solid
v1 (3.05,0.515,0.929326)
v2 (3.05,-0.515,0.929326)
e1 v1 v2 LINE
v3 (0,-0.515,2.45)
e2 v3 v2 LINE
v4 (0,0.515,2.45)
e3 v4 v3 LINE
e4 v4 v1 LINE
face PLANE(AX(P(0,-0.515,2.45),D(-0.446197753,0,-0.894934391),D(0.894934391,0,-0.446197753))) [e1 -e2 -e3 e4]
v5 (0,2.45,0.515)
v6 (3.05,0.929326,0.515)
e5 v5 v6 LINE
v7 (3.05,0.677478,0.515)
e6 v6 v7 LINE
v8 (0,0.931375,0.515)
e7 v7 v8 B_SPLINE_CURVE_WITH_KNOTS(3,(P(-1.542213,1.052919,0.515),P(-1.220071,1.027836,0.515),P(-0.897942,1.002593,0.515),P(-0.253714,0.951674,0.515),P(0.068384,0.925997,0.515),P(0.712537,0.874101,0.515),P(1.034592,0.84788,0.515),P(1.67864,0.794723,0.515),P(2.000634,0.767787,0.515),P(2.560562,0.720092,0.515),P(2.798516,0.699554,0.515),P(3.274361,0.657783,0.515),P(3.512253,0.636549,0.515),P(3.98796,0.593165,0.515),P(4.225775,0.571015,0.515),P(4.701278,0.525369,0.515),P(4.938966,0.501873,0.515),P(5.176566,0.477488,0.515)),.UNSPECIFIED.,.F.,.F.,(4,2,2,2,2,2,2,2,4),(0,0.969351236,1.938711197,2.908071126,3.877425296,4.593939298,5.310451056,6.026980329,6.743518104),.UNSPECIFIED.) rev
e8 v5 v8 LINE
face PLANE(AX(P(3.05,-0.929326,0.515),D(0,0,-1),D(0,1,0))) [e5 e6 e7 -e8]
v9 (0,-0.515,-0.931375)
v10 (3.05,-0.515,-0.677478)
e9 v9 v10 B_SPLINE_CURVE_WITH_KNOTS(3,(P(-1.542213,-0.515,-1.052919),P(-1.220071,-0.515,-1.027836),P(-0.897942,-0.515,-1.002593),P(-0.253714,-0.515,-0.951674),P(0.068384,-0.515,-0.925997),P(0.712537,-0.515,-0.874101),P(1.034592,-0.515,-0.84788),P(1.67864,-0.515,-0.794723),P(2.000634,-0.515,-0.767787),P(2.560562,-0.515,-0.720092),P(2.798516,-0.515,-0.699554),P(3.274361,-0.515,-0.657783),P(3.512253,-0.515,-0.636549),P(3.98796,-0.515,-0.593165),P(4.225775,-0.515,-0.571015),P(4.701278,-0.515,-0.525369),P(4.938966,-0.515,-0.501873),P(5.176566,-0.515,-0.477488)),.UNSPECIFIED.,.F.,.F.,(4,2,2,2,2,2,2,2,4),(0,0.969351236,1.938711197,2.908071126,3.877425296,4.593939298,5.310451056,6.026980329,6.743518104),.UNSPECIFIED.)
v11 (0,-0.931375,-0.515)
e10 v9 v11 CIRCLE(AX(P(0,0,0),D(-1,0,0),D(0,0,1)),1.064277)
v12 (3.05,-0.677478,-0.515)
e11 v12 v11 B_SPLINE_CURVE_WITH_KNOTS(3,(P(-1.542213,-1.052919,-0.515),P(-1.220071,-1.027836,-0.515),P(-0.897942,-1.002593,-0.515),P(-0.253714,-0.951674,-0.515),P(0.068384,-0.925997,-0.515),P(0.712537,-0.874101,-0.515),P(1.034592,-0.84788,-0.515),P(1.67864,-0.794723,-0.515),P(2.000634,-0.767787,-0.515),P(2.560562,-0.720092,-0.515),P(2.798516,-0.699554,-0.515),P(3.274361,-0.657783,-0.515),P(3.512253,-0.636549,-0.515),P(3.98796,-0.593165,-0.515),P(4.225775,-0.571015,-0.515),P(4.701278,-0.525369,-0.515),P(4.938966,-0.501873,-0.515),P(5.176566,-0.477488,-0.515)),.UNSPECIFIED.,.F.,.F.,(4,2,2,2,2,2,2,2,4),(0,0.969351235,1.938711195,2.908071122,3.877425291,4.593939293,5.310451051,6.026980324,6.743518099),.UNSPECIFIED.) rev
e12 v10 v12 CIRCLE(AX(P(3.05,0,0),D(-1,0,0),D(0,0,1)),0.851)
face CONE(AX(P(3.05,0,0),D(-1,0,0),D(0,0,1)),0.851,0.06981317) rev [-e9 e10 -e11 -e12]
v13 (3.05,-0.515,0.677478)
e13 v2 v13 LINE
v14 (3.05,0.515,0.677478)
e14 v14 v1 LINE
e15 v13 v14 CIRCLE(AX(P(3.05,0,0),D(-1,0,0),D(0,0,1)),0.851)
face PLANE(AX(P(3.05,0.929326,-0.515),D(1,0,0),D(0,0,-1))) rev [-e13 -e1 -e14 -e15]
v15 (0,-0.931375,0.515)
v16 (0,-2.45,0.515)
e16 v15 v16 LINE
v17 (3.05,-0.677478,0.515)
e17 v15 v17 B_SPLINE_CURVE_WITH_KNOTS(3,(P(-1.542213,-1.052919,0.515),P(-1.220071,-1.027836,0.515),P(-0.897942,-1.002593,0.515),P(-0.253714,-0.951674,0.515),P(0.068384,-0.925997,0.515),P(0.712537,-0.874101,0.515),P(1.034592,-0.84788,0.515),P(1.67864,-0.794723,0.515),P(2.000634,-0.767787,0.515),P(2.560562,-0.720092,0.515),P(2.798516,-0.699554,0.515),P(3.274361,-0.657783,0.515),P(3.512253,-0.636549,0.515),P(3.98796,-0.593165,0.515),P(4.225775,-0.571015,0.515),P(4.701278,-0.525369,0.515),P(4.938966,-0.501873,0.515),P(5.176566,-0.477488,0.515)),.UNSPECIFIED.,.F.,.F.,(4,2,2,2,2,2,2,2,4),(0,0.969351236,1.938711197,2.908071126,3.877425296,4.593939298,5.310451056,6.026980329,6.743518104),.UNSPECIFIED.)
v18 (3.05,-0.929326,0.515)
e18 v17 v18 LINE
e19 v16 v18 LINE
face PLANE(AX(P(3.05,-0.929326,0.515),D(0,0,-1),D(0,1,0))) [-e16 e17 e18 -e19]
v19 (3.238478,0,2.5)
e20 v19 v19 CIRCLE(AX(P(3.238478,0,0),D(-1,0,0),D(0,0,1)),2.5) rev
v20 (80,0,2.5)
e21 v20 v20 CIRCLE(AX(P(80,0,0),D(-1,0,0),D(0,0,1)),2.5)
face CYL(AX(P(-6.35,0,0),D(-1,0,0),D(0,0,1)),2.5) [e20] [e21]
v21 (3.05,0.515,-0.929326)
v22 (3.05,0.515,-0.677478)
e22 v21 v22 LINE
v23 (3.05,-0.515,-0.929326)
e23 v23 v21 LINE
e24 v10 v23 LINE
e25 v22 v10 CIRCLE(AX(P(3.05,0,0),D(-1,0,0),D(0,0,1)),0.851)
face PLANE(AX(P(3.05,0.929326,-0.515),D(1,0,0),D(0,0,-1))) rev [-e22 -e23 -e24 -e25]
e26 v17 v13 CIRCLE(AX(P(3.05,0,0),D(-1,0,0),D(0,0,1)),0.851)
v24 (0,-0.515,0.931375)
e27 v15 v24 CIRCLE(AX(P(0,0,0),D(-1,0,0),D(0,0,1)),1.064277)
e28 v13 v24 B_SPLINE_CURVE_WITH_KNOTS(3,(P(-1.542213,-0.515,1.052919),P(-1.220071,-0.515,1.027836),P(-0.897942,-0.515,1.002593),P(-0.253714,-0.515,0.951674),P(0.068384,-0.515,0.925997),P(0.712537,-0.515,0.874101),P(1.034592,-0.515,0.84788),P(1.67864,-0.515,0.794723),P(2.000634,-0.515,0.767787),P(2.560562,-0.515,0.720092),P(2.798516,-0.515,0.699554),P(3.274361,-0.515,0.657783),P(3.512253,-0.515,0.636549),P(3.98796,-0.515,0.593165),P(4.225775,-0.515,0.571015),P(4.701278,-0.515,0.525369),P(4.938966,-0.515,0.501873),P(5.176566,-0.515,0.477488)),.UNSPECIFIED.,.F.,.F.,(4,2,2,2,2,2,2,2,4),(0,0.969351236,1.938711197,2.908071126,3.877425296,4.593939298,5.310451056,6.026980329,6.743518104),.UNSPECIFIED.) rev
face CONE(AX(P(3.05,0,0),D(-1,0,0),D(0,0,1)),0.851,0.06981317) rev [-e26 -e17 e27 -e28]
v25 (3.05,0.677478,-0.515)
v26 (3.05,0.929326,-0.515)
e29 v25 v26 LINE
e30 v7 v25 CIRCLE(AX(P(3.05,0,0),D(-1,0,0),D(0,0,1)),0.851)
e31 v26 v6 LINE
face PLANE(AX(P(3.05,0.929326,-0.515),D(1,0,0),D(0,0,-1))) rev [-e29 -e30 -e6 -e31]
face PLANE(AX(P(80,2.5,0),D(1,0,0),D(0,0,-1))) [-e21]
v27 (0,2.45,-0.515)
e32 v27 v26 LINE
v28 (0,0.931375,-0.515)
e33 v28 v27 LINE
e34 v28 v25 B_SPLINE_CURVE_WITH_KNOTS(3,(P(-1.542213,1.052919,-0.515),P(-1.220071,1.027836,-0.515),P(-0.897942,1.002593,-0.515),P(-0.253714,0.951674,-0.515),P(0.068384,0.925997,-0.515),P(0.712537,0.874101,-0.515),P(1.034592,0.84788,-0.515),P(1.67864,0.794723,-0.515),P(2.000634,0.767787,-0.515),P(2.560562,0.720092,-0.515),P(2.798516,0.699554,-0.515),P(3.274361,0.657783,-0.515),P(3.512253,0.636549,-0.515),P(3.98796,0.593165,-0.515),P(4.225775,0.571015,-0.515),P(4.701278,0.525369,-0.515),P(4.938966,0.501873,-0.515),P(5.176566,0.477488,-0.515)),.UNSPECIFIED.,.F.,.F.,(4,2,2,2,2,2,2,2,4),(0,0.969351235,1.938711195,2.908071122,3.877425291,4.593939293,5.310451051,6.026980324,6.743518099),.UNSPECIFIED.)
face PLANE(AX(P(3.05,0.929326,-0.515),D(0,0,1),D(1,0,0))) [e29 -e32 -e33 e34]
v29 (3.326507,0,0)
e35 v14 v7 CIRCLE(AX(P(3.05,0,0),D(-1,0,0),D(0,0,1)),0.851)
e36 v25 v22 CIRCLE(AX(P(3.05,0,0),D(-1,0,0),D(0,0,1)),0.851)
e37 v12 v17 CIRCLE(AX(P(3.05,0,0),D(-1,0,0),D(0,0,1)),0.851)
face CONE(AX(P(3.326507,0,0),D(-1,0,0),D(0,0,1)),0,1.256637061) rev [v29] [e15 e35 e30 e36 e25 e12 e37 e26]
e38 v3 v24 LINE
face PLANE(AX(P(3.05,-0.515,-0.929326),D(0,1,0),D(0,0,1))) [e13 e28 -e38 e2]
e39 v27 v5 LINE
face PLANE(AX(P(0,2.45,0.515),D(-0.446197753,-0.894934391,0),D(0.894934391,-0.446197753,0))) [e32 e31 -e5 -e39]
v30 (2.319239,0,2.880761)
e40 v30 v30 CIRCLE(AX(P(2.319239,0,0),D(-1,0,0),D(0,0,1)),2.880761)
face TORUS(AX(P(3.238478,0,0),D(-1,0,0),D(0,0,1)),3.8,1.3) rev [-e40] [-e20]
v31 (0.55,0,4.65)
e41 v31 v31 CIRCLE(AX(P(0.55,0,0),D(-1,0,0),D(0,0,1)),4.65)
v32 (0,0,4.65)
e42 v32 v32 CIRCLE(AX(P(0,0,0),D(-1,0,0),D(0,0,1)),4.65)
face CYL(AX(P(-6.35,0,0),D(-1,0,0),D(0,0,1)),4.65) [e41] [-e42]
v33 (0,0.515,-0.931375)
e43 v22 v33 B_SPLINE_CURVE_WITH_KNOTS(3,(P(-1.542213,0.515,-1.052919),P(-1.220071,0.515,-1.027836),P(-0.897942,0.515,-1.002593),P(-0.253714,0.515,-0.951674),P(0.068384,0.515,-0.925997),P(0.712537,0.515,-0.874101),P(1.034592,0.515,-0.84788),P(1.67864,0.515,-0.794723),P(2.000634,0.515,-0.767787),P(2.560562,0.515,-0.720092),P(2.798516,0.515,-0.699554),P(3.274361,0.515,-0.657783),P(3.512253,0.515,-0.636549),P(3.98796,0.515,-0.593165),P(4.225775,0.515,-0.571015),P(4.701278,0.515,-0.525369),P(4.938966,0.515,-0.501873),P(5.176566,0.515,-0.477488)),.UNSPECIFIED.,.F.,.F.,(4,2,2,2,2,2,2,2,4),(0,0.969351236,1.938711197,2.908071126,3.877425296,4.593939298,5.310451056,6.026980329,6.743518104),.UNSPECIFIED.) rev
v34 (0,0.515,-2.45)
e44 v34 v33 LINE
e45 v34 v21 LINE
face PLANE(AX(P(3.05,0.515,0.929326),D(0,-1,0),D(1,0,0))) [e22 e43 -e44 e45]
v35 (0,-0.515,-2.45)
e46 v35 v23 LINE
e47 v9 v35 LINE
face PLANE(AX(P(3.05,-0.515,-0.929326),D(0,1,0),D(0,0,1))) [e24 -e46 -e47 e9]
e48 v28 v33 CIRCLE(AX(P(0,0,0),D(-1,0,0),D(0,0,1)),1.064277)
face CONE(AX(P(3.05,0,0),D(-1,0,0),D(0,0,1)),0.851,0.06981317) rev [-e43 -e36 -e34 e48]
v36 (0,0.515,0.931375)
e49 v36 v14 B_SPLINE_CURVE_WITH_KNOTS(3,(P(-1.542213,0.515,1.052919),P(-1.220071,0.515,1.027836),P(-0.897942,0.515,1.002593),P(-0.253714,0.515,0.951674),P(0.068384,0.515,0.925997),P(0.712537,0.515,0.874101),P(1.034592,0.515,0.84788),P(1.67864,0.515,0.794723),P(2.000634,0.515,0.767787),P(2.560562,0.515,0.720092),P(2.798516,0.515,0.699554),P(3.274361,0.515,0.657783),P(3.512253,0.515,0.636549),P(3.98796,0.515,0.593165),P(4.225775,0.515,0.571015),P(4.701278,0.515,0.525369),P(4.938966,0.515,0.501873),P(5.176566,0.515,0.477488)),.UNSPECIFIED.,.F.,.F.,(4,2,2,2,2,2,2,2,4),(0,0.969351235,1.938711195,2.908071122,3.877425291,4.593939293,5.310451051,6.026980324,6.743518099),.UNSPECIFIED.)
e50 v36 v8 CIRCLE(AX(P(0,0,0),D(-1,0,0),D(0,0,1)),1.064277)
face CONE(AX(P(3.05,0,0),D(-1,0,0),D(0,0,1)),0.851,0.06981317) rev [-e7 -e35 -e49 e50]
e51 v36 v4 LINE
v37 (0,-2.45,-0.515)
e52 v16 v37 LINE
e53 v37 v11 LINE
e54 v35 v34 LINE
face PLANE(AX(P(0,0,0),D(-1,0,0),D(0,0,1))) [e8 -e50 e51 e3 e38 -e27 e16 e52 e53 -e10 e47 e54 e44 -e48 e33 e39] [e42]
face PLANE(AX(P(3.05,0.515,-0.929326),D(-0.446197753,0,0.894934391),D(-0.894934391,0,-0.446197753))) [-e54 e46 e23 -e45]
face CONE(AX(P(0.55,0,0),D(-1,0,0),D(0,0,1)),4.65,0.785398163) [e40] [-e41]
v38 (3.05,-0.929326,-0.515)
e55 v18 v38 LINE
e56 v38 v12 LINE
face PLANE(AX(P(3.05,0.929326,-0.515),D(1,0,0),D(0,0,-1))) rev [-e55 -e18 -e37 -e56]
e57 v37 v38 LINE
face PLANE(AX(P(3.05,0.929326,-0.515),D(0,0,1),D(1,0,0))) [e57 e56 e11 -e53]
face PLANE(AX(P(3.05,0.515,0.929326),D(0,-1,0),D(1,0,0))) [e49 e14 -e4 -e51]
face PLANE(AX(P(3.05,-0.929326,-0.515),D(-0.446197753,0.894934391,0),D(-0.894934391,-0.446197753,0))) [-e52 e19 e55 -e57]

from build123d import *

# Parameters (mm, degrees)
FILLET1_R    = 1.3
RECPAT_COUNT = 2
RECPAT_ANGLE = 90


with BuildPart() as part:
    # BodySke → Base-Revolve (revolve)
    with BuildSketch(Plane.XY, mode=Mode.PRIVATE) as base_revolve_sk:
        Polygon((0, 0), (0, 4.65), (0.55, 4.65), (2.7, 2.5), (80, 2.5), (80, 0), align=None)
    revolve(base_revolve_sk.sketch.rotate(Axis((-6.35, 0, 0), (1, 0, 0)), 90), axis=Axis((-6.35, 0, 0), (1, 0, 0)))

    # Fillet1
    fillet1_edges = [part.edges().sort_by_distance(p)[0] for p in [
        (2.7, 0, -2.5),
    ]]
    fillet(fillet1_edges, radius=FILLET1_R)

    # Sketch3 → Recess section 0
    with BuildSketch(Plane.ZY):
        with BuildLine():
            Line((-0.515, 2.45), (0.515, 2.45))
            Line((0.515, 2.45), (0.515, -2.45))
            Line((0.515, -2.45), (-0.515, -2.45))
            Line((-0.515, -2.45), (-0.515, 2.45))
        make_face()
    # Sketch4 → Recess section 1
    with BuildSketch(Plane.ZY.offset(-3.05)):
        with BuildLine():
            Line((-0.515, 0.92932635), (0.515, 0.92932635))
            Line((0.515, 0.92932635), (0.515, -0.92932635))
            Line((0.515, -0.92932635), (-0.515, -0.92932635))
            Line((-0.515, -0.92932635), (-0.515, 0.92932635))
        make_face()
    recess = loft(mode=Mode.SUBTRACT)

    # RecPat: Recess ×2 about axis
    recpat_axis = Axis((0, 0, 0), (1, 0, 0))
    for i in range(1, RECPAT_COUNT):
        add(recess.rotate(recpat_axis, i * RECPAT_ANGLE / (RECPAT_COUNT - 1)), mode=Mode.SUBTRACT)

    # RecCorSke → RecessCore (revolve, cut)
    with BuildSketch(Plane.XY, mode=Mode.PRIVATE) as recesscore_sk:
        Polygon((0, 0), (0, 1.064276776), (3.05, 0.851), (3.326506661, 0), align=None)
    revolve(recesscore_sk.sketch.rotate(Axis((-3.175, 0, 0), (1, 0, 0)), 90), axis=Axis((-3.175, 0, 0), (1, 0, 0)), mode=Mode.SUBTRACT)


solid = part.part
